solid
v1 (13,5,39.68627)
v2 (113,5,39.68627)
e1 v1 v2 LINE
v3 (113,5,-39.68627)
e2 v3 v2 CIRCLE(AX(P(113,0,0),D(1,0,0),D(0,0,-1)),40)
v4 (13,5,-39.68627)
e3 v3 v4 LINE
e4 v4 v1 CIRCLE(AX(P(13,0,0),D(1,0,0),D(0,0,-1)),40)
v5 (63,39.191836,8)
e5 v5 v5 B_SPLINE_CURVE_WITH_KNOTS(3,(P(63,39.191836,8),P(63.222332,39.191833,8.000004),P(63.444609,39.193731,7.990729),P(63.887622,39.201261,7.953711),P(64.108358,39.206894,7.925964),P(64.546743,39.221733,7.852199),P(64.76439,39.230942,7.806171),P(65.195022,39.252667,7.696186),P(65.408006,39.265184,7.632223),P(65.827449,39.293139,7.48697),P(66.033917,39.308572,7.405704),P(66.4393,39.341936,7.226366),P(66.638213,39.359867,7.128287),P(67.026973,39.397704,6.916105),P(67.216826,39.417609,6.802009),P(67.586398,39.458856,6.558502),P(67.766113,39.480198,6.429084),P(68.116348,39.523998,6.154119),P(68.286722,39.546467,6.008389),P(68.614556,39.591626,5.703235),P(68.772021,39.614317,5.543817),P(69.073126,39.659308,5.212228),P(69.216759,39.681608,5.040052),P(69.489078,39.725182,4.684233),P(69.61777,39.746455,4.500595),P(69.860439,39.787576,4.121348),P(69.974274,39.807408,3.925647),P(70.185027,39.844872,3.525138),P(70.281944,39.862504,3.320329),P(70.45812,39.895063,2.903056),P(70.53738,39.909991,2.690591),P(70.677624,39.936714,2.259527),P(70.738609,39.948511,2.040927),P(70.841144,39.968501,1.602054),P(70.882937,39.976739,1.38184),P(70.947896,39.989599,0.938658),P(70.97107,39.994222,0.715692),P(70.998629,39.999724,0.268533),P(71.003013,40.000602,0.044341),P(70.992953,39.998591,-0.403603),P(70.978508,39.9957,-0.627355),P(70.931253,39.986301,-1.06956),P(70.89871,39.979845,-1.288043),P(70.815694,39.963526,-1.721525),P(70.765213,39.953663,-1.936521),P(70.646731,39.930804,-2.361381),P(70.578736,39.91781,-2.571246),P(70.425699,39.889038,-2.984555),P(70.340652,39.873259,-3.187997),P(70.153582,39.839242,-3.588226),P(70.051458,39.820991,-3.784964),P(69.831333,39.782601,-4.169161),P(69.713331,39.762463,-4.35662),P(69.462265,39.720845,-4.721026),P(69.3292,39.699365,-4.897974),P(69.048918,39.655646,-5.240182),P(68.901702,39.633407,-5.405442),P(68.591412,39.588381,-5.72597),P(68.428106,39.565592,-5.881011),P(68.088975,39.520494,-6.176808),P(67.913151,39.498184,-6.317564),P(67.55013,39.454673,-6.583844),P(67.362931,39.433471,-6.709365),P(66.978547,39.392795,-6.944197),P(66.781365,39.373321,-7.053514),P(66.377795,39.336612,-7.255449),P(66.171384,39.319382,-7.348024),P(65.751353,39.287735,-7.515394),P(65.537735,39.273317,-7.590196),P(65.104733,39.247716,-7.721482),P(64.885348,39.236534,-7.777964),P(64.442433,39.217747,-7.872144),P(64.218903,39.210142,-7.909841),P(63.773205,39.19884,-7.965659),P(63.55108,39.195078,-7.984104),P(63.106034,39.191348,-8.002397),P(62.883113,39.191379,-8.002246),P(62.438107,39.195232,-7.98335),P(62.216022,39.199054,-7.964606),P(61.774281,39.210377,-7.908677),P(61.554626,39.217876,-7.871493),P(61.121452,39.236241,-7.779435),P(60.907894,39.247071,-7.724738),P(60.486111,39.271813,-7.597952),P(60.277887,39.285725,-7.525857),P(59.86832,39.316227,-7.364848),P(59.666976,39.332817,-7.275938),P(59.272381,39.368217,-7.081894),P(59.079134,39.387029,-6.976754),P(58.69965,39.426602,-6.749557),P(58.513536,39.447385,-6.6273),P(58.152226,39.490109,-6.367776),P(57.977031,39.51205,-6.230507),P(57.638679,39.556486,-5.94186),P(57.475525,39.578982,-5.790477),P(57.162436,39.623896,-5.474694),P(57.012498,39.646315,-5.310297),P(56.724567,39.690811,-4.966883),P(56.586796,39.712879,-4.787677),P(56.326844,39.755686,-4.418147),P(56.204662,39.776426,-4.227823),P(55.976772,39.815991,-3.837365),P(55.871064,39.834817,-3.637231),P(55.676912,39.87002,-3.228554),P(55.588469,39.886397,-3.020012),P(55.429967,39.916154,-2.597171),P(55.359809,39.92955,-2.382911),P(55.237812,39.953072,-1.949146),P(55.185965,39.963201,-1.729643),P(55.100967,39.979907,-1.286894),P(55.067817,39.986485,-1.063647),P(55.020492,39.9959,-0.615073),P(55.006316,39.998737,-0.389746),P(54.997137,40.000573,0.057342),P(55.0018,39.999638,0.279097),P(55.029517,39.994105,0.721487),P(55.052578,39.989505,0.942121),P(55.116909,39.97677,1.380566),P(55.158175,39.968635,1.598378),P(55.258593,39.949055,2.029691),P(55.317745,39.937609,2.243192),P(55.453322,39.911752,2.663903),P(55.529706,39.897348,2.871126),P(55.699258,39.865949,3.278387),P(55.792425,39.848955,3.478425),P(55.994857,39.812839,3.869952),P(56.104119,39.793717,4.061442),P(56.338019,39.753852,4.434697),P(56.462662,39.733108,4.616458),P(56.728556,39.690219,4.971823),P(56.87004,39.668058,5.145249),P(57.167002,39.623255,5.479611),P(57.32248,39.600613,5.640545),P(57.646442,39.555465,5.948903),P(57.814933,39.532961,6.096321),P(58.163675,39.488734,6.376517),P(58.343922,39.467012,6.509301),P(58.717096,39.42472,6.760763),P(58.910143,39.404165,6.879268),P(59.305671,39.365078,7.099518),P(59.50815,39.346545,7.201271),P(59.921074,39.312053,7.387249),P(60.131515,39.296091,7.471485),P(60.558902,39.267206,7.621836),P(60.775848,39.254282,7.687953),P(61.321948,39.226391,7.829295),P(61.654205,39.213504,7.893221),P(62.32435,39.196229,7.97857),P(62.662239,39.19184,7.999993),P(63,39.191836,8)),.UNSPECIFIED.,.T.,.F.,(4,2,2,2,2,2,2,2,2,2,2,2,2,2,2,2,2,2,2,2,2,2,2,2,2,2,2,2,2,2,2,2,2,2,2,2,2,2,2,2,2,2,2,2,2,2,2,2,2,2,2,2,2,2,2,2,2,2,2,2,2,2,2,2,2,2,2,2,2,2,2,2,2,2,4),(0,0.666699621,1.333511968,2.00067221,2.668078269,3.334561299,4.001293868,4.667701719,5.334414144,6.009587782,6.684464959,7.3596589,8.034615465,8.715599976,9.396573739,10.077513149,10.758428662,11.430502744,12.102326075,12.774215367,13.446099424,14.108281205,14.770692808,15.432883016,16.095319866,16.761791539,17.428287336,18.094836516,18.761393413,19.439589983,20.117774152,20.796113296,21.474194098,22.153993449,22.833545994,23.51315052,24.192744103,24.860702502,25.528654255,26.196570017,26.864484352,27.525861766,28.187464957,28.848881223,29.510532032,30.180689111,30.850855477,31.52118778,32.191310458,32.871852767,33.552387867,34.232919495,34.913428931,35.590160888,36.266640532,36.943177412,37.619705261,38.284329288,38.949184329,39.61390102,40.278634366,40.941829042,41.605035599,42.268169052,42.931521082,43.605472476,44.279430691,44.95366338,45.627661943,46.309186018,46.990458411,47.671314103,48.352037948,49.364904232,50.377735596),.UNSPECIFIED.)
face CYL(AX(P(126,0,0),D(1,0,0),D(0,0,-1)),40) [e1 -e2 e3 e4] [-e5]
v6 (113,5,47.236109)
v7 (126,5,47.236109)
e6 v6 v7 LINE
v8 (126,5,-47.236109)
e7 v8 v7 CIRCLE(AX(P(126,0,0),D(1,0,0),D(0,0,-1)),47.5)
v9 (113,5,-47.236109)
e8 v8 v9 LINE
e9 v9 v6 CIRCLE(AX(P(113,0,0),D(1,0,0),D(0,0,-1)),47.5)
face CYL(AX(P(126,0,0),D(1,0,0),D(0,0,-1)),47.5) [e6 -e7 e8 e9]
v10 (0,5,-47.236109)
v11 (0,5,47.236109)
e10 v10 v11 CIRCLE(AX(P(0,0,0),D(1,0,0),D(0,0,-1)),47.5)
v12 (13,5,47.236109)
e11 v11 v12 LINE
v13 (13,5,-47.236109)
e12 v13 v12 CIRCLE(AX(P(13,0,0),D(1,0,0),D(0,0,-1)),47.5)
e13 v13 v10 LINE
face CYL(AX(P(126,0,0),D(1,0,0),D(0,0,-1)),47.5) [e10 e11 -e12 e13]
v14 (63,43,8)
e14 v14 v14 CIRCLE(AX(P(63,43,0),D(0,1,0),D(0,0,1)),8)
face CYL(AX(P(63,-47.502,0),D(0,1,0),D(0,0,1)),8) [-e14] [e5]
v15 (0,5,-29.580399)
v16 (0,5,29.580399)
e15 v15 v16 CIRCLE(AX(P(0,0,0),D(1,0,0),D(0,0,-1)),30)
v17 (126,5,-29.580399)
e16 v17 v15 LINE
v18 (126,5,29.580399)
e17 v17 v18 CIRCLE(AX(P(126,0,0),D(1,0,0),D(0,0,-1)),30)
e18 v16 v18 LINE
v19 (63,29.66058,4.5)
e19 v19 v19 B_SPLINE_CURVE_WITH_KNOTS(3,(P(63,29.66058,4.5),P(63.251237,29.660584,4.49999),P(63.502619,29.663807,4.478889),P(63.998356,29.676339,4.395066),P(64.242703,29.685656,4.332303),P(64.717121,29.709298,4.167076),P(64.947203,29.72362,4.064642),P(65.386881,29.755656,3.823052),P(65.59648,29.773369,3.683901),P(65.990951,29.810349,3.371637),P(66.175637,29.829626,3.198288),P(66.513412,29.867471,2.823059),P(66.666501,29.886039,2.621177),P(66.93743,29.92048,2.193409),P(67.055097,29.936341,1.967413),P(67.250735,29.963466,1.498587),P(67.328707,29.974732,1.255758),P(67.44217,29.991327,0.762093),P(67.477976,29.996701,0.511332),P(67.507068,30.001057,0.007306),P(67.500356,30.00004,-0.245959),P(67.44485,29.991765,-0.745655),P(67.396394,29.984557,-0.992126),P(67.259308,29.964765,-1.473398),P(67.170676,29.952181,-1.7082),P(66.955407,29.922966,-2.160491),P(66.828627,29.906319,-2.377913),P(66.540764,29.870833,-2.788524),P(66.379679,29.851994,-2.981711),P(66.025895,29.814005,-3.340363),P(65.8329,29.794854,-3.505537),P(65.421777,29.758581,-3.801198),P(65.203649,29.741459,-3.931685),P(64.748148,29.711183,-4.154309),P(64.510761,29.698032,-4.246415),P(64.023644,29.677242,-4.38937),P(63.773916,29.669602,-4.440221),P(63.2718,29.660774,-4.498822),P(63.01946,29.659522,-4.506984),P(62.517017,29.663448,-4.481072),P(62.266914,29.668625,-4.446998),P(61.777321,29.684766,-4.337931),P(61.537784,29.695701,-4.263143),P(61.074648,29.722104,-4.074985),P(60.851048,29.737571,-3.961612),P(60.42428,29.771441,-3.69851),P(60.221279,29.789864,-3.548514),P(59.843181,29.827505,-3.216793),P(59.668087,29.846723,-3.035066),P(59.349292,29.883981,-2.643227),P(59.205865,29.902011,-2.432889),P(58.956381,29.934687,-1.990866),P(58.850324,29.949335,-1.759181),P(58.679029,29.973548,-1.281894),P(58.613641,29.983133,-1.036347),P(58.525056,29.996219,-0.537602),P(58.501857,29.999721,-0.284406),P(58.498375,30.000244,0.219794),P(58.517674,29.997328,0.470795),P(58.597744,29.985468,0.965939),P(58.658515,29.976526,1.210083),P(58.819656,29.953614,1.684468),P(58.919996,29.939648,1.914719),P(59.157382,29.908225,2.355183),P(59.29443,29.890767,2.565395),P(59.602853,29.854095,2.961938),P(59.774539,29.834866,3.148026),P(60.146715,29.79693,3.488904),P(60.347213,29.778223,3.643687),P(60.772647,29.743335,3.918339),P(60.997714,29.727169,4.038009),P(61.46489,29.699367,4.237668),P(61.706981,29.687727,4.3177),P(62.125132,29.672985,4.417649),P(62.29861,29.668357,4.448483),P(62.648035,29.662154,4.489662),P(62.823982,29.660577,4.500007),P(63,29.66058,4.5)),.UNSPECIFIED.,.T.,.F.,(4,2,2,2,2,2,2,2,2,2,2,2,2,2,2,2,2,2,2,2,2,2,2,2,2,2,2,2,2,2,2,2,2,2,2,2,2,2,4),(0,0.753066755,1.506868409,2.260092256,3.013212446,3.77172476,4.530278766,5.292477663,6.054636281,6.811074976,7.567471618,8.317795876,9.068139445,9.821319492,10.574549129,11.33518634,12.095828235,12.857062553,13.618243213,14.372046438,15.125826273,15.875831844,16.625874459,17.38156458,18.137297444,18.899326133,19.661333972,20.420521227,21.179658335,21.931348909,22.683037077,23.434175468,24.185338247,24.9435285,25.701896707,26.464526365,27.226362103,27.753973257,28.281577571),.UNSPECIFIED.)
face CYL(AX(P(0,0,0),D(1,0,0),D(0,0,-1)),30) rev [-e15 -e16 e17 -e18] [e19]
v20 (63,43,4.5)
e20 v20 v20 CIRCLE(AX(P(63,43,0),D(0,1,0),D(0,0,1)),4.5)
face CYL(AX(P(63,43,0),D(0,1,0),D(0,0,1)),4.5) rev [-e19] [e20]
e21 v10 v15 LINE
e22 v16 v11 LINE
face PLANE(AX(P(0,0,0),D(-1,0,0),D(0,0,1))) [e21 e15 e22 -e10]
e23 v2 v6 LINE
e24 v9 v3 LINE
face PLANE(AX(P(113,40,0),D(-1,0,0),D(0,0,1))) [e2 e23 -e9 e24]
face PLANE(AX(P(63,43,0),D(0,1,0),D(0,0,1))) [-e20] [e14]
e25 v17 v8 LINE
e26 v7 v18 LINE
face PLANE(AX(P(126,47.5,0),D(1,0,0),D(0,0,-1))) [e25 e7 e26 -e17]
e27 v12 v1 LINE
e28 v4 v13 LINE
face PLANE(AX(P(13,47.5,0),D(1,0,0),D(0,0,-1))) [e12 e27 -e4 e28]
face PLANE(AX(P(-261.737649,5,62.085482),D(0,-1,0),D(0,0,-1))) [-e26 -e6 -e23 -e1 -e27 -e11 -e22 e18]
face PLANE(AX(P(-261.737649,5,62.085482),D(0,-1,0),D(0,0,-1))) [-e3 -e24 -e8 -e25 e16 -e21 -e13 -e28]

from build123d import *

# Parameters (mm, degrees)
SKETCH2_R                   = 30
CUT_EXTRUDE1_DEPTH          = 143.788304843
BOSS_EXTRUDE1_REACH         = 164.242
BOSS_EXTRUDE1_END_RADIUS    = 40
SKETCH3_R                   = 8
M10X1_0_TAPPED_HOLE1_REACH  = 164.242
M10X1_0_TAPPED_HOLE1_BORE_R = 4.5
CUT_EXTRUDE2_DEPTH          = 143.788304931
CUT_EXTRUDE2_DEPTH_BACK     = 143.788304931


with BuildPart() as part:
    # Sketch1 → Revolve1 (revolve)
    with BuildSketch(Plane.XY, mode=Mode.PRIVATE) as revolve1_sk:
        Polygon((0, 0), (0, 47.5), (13, 47.5), (13, 40), (113, 40), (113, 47.5), (126, 47.5), (126, 0), align=None)
    revolve(revolve1_sk.sketch.rotate(Axis((126, 0, 0), (-1, 0, 0)), 90), axis=Axis((126, 0, 0), (-1, 0, 0)))

    # Sketch2 → Cut-Extrude1 (cut, through all)
    with BuildSketch(Plane(origin=(126, 0, 0), x_dir=(0, 0, -1), z_dir=(1, 0, 0))):
        Circle(SKETCH2_R)
    extrude(amount=-CUT_EXTRUDE1_DEPTH, mode=Mode.SUBTRACT)

    # Boss-Extrude1: up to this cylinder (the profile starts outside it)
    boss_extrude1_end = Plane(origin=(63, 0, 0), z_dir=(1, 0, 0)) * Cylinder(BOSS_EXTRUDE1_END_RADIUS, 409.484, mode=Mode.PRIVATE)
    # Sketch3 → Boss-Extrude1 (add, up to the surface)
    with BuildSketch(Plane(origin=(0, 43, 0), x_dir=(1, 0, 0), z_dir=(0, 1, 0)), mode=Mode.PRIVATE) as boss_extrude1_sk1:
        with Locations(Location((63, 0, 0), (0, 0, 270))):
            Circle(SKETCH3_R)
    boss_extrude1_tool1 = extrude(boss_extrude1_sk1.sketch, amount=-BOSS_EXTRUDE1_REACH, mode=Mode.PRIVATE) - boss_extrude1_end
    add(boss_extrude1_tool1.solids().sort_by_distance((63, 43, 0))[0])

    # M10x1.0 Tapped Hole1 bore → M10x1.0 Tapped Hole1 (cut, up to next)
    with BuildSketch(Plane(origin=(0, 43, 0), x_dir=(1, 0, 0), z_dir=(0, 1, 0)), mode=Mode.PRIVATE) as m10x1_0_tapped_hole1_sk1:
        with Locations((63, 0)):
            Circle(M10X1_0_TAPPED_HOLE1_BORE_R)
    m10x1_0_tapped_hole1_tool1 = extrude(m10x1_0_tapped_hole1_sk1.sketch, amount=-M10X1_0_TAPPED_HOLE1_REACH, mode=Mode.PRIVATE) & part.part
    add(m10x1_0_tapped_hole1_tool1.solids().sort_by_distance((63, 43, 0))[0], mode=Mode.SUBTRACT)

    # Sketch6 → Cut-Extrude2 (cut, two sides: drawn at the far end of the back side and taken through both)
    with BuildSketch(Plane(origin=(126, 0, 0), x_dir=(0, 0, -1), z_dir=(1, 0, 0)).offset(-CUT_EXTRUDE2_DEPTH_BACK)):
        Polygon((-315.109988933, 5), (-62.08548164, 5), (59.692601542, 5), (312.717108835, 5), (312.717108835, -501.049014586), (-315.109988933, -501.049014586), align=None)
    extrude(amount=CUT_EXTRUDE2_DEPTH + CUT_EXTRUDE2_DEPTH_BACK, mode=Mode.SUBTRACT)


solid = part.part
